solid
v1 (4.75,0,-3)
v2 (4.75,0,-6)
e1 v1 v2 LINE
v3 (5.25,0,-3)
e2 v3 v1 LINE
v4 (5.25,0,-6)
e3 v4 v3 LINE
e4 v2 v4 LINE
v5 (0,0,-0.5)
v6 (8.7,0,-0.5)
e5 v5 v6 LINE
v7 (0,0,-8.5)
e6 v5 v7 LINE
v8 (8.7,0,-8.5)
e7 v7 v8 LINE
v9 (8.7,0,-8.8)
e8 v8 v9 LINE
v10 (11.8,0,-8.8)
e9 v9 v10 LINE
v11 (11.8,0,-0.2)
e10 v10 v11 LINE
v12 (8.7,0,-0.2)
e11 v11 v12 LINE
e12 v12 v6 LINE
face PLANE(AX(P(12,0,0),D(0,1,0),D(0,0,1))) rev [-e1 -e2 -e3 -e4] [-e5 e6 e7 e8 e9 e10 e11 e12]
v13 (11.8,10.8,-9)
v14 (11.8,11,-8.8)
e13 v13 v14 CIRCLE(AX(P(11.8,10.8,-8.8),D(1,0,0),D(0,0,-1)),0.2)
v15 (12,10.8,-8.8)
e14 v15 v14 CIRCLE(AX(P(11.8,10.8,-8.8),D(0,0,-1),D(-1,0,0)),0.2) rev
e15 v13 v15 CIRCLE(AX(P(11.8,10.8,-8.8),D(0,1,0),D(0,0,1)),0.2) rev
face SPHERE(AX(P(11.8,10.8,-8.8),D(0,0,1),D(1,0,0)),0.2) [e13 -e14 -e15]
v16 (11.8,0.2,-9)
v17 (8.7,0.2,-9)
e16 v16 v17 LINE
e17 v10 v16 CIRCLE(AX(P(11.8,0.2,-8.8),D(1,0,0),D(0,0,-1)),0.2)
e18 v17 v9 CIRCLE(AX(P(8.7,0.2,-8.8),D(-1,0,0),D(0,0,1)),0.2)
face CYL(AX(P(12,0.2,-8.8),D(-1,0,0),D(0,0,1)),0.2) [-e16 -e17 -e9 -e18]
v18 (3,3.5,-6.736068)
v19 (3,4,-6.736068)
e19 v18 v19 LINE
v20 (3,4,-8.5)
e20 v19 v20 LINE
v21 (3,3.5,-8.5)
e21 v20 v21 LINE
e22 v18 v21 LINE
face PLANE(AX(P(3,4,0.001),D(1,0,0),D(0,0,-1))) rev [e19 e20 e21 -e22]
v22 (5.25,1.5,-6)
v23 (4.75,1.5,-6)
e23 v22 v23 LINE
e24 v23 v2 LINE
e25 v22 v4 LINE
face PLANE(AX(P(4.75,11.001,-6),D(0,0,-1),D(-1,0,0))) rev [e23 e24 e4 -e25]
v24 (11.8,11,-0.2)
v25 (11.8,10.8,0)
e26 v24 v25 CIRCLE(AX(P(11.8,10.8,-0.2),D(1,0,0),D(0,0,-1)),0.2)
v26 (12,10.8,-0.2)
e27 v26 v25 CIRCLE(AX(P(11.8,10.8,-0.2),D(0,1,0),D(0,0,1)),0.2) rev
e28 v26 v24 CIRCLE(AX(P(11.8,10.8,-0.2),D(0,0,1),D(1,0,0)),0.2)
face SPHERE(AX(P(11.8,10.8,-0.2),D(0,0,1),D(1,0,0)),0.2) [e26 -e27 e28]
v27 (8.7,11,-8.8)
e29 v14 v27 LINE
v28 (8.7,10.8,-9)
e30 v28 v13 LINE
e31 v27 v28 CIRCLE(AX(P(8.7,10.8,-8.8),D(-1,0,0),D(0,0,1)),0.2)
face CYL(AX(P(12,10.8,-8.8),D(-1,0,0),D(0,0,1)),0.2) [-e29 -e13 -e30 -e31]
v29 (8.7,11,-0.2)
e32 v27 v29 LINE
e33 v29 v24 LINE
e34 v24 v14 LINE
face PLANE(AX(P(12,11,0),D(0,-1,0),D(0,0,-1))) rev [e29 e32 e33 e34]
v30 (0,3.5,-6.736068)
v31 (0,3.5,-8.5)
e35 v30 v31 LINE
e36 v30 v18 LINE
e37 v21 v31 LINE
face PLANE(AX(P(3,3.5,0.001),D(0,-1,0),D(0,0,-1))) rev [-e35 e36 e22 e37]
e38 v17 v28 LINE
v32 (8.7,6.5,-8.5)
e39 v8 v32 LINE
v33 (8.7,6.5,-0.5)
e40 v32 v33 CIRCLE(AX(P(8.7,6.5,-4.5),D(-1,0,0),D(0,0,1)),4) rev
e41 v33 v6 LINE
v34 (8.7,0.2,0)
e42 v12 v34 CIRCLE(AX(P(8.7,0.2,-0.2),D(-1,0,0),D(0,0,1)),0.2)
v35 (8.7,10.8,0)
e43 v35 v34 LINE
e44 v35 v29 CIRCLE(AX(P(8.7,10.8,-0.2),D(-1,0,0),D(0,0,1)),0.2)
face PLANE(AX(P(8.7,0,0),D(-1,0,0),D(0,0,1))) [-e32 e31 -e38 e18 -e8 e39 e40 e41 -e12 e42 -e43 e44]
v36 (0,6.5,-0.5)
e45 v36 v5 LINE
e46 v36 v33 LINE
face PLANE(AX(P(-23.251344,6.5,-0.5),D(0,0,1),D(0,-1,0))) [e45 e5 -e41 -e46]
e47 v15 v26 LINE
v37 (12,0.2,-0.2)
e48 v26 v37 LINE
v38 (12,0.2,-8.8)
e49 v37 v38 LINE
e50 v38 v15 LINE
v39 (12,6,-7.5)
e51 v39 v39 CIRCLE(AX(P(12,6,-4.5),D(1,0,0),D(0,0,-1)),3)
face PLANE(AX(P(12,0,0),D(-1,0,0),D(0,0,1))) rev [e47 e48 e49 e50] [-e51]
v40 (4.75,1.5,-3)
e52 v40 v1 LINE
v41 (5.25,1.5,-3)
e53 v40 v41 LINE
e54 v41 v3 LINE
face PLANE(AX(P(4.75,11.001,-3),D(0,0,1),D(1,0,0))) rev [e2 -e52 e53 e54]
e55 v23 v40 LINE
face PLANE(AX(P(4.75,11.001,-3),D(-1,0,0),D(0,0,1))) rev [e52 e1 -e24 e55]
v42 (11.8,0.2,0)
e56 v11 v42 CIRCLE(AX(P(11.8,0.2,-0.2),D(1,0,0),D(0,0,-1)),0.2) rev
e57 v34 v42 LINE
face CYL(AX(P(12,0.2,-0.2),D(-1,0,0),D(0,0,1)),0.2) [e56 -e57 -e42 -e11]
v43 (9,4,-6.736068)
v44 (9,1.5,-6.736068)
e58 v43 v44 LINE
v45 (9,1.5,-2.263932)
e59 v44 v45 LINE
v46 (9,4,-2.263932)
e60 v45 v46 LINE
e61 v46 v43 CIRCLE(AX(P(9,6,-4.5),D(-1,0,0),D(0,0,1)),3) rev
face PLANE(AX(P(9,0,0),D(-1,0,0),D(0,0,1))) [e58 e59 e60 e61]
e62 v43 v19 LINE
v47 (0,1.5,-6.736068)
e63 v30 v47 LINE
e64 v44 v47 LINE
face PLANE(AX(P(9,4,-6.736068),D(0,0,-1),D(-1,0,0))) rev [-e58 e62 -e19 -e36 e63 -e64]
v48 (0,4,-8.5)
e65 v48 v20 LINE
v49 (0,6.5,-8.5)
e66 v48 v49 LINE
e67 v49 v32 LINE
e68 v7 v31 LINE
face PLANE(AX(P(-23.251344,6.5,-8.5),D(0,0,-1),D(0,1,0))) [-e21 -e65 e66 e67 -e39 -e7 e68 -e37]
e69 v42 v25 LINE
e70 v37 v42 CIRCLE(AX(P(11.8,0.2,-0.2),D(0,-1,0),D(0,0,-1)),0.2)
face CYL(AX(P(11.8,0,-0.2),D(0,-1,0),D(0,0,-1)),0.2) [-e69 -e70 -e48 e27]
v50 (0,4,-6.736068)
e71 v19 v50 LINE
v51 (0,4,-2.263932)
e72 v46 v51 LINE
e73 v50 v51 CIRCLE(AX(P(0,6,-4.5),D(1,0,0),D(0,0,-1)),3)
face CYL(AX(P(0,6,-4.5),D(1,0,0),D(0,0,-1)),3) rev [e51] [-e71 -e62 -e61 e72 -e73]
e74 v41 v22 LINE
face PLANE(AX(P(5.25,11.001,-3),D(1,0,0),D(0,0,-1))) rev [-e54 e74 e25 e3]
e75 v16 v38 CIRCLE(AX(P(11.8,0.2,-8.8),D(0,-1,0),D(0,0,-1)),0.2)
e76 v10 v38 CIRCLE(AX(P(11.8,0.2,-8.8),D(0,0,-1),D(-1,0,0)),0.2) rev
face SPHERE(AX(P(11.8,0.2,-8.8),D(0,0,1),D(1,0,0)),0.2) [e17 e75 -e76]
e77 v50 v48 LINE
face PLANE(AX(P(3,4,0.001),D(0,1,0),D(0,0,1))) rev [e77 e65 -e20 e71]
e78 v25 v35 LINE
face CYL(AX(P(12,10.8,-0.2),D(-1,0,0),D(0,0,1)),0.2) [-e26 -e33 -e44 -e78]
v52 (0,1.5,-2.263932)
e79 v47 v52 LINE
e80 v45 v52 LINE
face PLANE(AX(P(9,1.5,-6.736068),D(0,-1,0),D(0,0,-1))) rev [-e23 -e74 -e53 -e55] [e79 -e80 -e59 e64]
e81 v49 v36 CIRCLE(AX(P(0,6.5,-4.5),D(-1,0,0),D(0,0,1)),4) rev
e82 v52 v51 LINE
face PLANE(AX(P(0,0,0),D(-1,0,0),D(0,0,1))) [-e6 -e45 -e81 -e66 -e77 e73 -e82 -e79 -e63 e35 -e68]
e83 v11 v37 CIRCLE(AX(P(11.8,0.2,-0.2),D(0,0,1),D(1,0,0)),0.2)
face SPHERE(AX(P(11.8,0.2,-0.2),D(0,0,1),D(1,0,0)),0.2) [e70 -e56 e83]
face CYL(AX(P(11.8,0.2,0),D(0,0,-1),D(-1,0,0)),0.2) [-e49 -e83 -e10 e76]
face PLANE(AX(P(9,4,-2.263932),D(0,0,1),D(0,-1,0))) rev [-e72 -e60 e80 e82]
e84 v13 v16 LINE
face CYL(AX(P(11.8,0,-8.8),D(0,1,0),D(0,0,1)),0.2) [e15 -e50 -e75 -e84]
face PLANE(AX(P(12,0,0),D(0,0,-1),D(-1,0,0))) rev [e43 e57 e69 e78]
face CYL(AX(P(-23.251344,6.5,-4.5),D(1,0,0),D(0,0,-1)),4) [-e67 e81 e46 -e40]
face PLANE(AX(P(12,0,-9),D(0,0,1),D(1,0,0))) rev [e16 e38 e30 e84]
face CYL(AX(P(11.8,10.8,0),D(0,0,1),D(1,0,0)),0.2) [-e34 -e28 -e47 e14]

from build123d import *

# Parameters (mm, degrees)
SKETCH1_W               = 9
SKETCH1_H               = 11
BOSS_EXTRUDE1_DEPTH     = 12
CUT_EXTRUDE1_DEPTH      = 1
CUT_EXTRUDE1_DEPTH_BACK = 8.7
SKETCH3_R               = 3
CUT_EXTRUDE2_DEPTH      = 13
CUT_EXTRUDE3_REACH      = 13
SKETCH4_W               = 0.5
SKETCH4_H               = 3
FILLET1_R               = 0.2
CUT_EXTRUDE4_REACH      = 10.5
SKETCH5_W               = 3
SKETCH5_H               = 0.5
SKETCH6_W               = 4.472135954
SKETCH6_H               = 2.5
CUT_EXTRUDE5_DEPTH      = 9


with BuildPart() as part:
    # Sketch1 → Boss-Extrude1 (new body)
    with BuildSketch(Plane(origin=(0, 0, 0), x_dir=(0, 0, -1), z_dir=(1, 0, 0))):
        with Locations((4.5, 5.5)):
            Rectangle(SKETCH1_W, SKETCH1_H)
    extrude(amount=BOSS_EXTRUDE1_DEPTH)

    # Sketch2 → Cut-Extrude1 (cut, two sides)
    with BuildSketch(Plane.ZY) as cut_extrude1_sk:
        with BuildLine():
            Line((-8.5, 0), (-8.5, 6.5))
            ThreePointArc((-8.5, 6.5), (-4.5, 10.5), (-0.5, 6.5))
            Line((-0.5, 6.5), (-0.5, 0))
            Line((-0.5, 0), (0, 0))
            Line((0, 0), (0, 11))
            Line((0, 11), (-9, 11))
            Line((-9, 11), (-9, 0))
            Line((-9, 0), (-8.5, 0))
        make_face()
    extrude(amount=CUT_EXTRUDE1_DEPTH, mode=Mode.SUBTRACT)
    extrude(cut_extrude1_sk.sketch, amount=-CUT_EXTRUDE1_DEPTH_BACK, mode=Mode.SUBTRACT)

    # Sketch3 → Cut-Extrude2 (cut, through all)
    with BuildSketch(Plane(origin=(12, 0, 0), x_dir=(0, 0, -1), z_dir=(1, 0, 0))):
        with Locations((4.5, 6)):
            Circle(SKETCH3_R)
    extrude(amount=-CUT_EXTRUDE2_DEPTH, mode=Mode.SUBTRACT)

    # Sketch4 → Cut-Extrude3 (cut, up to next)
    with BuildSketch(Plane(origin=(0, 0, 0), x_dir=(-1, 0, 0), z_dir=(0, -1, 0)), mode=Mode.PRIVATE) as cut_extrude3_sk1:
        with Locations((-5, 4.5)):
            Rectangle(SKETCH4_W, SKETCH4_H)
    cut_extrude3_tool1 = extrude(cut_extrude3_sk1.sketch, amount=-CUT_EXTRUDE3_REACH, mode=Mode.PRIVATE) & part.part
    add(cut_extrude3_tool1.solids().sort_by_distance((5, 0, -4.5))[0], mode=Mode.SUBTRACT)

    # Fillet1
    fillet1_edges = [part.edges().sort_by_distance(p)[0] for p in [
        (12, 5.5, -9),
        (12, 11, -4.5),
        (12, 5.5, 0),
        (12, 0, -4.5),
        (10.35, 11, 0),
        (10.35, 11, -9),
        (10.35, 0, -9),
        (10.35, 0, 0),
    ]]
    fillet(fillet1_edges, radius=FILLET1_R)

    # Sketch5 → Cut-Extrude4 (cut, up to next)
    with BuildSketch(Plane(origin=(0, 0, -8.5), x_dir=(-1, 0, 0), z_dir=(0, 0, -1)), mode=Mode.PRIVATE) as cut_extrude4_sk1:
        with Locations((-1.5, 3.75)):
            Rectangle(SKETCH5_W, SKETCH5_H)
    cut_extrude4_tool1 = extrude(cut_extrude4_sk1.sketch, amount=-CUT_EXTRUDE4_REACH, mode=Mode.PRIVATE) & part.part
    add(cut_extrude4_tool1.solids().sort_by_distance((1.5, 3.75, -8.5))[0], mode=Mode.SUBTRACT)

    # Sketch6 → Cut-Extrude5 (cut)
    with BuildSketch(Plane.ZY):
        with Locations((-4.5, 2.75)):
            Rectangle(SKETCH6_W, SKETCH6_H)
    extrude(amount=-CUT_EXTRUDE5_DEPTH, mode=Mode.SUBTRACT)


solid = part.part
